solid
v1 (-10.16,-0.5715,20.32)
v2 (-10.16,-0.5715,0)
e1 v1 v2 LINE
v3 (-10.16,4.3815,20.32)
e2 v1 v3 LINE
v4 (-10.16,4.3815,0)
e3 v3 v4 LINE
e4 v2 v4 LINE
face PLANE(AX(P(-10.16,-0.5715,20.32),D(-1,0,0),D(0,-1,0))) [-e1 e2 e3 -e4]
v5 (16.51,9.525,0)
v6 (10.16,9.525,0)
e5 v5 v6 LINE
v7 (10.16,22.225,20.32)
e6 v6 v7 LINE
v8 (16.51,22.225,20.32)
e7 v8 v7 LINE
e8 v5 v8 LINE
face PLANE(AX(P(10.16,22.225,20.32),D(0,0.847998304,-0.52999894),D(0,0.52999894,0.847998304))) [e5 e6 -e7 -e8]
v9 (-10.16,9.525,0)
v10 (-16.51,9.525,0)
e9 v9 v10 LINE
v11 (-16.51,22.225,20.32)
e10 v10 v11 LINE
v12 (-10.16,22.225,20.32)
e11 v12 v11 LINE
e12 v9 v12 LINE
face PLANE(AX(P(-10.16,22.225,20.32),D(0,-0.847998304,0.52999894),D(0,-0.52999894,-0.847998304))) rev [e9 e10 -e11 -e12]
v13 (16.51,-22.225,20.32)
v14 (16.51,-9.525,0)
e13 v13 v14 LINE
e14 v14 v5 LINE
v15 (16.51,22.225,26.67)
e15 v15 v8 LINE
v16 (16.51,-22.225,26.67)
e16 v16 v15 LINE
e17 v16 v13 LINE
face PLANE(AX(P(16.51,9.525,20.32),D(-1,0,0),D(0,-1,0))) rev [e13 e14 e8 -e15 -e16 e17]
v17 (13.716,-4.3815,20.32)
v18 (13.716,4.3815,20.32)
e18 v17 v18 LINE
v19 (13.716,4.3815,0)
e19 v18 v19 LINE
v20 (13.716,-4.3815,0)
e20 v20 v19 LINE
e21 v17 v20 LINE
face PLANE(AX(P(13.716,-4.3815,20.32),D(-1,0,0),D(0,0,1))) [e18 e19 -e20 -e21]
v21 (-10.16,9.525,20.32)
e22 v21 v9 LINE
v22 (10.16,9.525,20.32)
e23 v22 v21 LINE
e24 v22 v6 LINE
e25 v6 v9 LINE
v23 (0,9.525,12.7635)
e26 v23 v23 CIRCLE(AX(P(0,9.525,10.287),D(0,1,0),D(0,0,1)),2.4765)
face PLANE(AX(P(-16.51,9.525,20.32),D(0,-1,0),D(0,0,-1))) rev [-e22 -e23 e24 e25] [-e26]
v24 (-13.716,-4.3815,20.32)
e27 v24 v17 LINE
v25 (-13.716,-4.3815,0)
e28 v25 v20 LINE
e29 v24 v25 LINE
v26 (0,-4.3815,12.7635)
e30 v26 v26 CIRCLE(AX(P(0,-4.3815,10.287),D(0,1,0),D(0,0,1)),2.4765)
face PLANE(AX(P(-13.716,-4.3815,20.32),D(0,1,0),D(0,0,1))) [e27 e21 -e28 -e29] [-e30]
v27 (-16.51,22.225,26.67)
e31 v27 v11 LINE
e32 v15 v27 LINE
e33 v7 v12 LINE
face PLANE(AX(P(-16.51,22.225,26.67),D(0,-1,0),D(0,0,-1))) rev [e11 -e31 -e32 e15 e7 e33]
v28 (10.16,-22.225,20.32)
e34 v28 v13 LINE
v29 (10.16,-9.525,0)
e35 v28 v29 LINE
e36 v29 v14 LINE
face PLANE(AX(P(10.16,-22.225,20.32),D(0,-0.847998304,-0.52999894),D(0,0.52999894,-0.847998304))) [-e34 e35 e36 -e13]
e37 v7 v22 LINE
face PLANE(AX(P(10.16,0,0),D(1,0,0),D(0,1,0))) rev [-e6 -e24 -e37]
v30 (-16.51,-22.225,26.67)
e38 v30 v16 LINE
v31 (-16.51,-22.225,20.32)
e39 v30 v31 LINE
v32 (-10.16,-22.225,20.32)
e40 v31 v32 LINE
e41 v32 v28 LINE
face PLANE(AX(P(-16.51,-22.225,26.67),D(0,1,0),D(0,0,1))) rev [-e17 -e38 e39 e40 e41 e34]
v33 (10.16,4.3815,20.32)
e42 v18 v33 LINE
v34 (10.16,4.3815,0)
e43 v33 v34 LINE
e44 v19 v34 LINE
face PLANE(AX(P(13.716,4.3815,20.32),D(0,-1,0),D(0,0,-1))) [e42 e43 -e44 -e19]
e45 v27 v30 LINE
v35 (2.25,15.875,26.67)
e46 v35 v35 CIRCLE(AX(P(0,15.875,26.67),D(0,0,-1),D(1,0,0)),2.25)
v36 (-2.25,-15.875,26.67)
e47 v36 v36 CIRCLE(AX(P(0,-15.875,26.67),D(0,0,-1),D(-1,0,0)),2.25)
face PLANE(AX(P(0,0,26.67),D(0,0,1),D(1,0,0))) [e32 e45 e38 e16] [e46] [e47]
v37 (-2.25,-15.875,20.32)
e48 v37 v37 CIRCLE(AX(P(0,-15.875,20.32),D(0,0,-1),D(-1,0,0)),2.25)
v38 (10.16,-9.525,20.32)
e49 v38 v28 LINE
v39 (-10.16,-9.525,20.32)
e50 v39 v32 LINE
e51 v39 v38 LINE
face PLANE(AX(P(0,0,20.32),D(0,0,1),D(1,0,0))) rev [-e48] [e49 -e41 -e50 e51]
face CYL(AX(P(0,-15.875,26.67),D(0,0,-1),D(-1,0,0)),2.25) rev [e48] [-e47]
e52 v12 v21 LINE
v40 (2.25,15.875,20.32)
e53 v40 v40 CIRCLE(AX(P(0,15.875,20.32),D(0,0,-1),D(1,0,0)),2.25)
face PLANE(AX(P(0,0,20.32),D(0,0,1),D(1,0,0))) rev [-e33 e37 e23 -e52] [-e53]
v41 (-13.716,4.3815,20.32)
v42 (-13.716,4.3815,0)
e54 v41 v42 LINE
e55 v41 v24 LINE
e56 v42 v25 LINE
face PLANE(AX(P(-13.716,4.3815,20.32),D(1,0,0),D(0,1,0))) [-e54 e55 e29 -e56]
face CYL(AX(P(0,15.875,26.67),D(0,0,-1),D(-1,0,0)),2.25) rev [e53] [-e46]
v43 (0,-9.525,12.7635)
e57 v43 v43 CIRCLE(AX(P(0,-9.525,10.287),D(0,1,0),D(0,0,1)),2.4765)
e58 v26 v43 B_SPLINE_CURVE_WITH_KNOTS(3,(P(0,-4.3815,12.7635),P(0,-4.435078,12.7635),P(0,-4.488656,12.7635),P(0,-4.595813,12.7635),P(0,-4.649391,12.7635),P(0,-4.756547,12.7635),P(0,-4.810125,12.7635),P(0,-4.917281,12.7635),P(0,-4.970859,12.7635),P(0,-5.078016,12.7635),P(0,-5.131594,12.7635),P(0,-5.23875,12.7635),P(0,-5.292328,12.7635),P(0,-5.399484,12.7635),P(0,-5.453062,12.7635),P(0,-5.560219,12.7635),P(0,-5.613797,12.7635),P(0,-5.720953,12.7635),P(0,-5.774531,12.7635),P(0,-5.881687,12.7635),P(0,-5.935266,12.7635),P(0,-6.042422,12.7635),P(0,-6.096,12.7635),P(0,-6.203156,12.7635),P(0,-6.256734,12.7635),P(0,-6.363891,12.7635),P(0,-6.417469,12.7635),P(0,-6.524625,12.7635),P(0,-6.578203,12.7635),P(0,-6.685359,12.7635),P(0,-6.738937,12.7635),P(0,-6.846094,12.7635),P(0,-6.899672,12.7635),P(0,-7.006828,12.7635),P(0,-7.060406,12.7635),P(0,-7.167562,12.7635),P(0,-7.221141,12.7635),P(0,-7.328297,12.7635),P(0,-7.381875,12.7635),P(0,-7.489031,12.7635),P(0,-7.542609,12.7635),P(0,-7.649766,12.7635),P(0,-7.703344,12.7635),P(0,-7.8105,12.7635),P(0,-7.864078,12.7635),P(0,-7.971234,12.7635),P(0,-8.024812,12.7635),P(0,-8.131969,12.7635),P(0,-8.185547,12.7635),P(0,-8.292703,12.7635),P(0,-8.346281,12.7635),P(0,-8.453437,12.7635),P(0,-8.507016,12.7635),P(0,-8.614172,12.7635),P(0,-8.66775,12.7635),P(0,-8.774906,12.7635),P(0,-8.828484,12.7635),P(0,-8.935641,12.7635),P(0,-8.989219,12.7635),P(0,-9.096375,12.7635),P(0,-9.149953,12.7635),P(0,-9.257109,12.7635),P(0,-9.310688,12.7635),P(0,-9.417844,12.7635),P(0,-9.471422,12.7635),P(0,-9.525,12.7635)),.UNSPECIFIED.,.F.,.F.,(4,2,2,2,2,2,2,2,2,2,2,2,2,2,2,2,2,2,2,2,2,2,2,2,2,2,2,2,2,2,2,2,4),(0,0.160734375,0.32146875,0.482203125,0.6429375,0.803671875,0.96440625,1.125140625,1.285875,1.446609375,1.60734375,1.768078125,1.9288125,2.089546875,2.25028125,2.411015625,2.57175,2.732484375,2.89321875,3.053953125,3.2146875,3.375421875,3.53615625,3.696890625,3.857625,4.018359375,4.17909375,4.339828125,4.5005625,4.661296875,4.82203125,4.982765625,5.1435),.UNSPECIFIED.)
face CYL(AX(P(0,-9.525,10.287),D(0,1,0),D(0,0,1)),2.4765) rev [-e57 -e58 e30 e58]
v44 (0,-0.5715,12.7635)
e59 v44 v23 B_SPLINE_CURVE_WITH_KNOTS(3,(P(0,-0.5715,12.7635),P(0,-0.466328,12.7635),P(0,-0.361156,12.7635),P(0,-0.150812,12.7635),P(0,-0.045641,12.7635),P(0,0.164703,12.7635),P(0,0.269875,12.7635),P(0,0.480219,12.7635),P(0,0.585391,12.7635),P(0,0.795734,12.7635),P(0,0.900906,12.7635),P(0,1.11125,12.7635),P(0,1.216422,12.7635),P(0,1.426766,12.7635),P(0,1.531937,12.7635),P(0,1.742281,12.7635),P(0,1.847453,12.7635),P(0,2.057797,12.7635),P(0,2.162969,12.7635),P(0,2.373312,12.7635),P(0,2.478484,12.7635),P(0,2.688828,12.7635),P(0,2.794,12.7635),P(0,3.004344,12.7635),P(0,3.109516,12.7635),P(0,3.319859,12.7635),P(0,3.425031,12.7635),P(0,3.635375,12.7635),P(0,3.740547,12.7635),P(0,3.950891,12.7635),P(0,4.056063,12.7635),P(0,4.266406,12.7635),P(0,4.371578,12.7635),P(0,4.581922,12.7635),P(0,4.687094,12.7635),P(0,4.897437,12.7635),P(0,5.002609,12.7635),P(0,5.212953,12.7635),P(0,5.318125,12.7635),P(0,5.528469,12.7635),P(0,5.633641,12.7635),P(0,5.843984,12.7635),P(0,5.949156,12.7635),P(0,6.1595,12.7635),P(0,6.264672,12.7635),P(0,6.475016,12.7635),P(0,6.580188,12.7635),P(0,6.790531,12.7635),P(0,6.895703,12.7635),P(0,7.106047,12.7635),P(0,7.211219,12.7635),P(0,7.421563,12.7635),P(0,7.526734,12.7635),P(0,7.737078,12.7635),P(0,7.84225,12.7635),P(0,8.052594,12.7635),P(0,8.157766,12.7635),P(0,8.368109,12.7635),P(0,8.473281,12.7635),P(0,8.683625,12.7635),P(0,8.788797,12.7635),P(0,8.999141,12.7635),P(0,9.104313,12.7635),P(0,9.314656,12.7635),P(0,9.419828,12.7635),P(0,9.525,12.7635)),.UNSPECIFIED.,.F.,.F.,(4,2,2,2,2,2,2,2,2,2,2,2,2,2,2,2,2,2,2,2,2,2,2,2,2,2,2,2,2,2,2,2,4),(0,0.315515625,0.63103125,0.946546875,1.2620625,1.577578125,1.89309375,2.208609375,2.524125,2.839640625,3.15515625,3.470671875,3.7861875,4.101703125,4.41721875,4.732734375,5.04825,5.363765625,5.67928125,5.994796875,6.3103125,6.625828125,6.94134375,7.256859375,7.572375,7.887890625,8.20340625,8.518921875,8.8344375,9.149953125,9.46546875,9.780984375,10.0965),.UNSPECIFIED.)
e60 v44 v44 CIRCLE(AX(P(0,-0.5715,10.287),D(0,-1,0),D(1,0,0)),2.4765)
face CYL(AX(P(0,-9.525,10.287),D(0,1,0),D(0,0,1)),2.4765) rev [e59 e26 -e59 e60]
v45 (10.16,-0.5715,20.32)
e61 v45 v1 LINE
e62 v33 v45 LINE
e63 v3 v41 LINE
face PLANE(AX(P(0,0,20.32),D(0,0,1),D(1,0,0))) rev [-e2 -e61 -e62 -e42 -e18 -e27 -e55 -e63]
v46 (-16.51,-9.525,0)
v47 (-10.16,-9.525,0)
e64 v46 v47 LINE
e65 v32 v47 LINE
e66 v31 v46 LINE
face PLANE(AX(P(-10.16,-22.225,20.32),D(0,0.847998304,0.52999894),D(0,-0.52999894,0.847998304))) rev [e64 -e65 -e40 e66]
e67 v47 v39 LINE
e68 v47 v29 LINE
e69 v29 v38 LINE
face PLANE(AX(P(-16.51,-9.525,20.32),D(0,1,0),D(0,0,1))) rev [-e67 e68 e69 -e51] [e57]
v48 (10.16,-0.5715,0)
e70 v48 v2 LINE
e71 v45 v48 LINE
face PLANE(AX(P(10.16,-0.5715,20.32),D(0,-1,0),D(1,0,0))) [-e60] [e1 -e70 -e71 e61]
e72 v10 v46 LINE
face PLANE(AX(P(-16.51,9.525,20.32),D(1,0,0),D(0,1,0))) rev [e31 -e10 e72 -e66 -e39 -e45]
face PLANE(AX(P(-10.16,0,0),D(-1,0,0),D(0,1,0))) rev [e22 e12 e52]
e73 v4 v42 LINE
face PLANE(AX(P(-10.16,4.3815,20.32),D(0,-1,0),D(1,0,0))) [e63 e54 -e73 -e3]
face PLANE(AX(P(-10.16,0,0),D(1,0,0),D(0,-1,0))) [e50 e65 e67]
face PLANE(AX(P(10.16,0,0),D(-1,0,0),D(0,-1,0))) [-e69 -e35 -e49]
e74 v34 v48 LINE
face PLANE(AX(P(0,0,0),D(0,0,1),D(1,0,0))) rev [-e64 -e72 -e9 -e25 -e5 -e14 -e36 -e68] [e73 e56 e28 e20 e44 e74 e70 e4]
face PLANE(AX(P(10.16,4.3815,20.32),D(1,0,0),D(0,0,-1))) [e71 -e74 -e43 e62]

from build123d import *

# Parameters (mm, degrees)
ESQUISSE1_W             = 33.02
ESQUISSE1_H             = 19.05
BOSS_EXTRU_1_DEPTH      = 20.32
ESQUISSE2_R             = 2.4765
ENL_V_MAT_EXTRU_1_DEPTH = 33.378773911
ESQUISSE3_W             = 33.02
ESQUISSE3_H             = 44.45
BOSS_EXTRU_2_DEPTH      = 6.35
BOSS_EXTRU_3_DEPTH      = 6.35
ESQUISSE6_R             = 2.25
ENL_V_MAT_EXTRU_2_DEPTH = 35.342875899


with BuildPart() as part:
    # Esquisse1 → Boss.-Extru.1 (new body)
    with BuildSketch(Plane.XY):
        Rectangle(ESQUISSE1_W, ESQUISSE1_H)
        Polygon((-13.716, 4.3815), (-13.716, -4.3815), (13.716, -4.3815), (13.716, 4.3815), (10.16, 4.3815), (10.16, -0.5715), (-10.16, -0.5715), (-10.16, 4.3815), align=None, mode=Mode.SUBTRACT)
    extrude(amount=BOSS_EXTRU_1_DEPTH)

    # Esquisse2 → Enlèv. mat.-Extru.1 (cut, through all)
    with BuildSketch(Plane(origin=(0, 9.525, 0), x_dir=(1, 0, 0), z_dir=(0, 1, 0))):
        with Locations(Location((0, -10.287, 0), (0, 0, 270))):
            Circle(ESQUISSE2_R)
    extrude(amount=-ENL_V_MAT_EXTRU_1_DEPTH, mode=Mode.SUBTRACT)

    # Esquisse3 → Boss.-Extru.2 (add)
    with BuildSketch(Plane.XY.offset(20.32)):
        Rectangle(ESQUISSE3_W, ESQUISSE3_H)
    extrude(amount=BOSS_EXTRU_2_DEPTH)

    # Esquisse5 → Boss.-Extru.3 (add)
    with BuildSketch(Plane(origin=(16.51, 0, 0), x_dir=(0, 0, -1), z_dir=(1, 0, 0))):
        Polygon((-20.32, -22.225), (0, -9.525), (-20.32, -9.525), align=None)
        Polygon((-20.32, 22.225), (0, 9.525), (-20.32, 9.525), align=None)
    boss_extru_3 = extrude(amount=-BOSS_EXTRU_3_DEPTH)

    # Symétrie1: Boss.-Extru.3 across plane
    add(boss_extru_3.mirror(Plane(origin=(0, 0, 0), x_dir=(0, 0, 1), z_dir=(1, 0, 0))))

    # Esquisse6 → Enlèv. mat.-Extru.2 (cut, through all)
    with BuildSketch(Plane(origin=(0, 0, 20.32), x_dir=(-1, 0, 0), z_dir=(0, 0, -1))):
        with Locations((0, -15.875)):
            Circle(ESQUISSE6_R)
        with Locations(Location((0, 15.875, 0), (0, 0, 180))):
            Circle(ESQUISSE6_R)
    extrude(amount=-ENL_V_MAT_EXTRU_2_DEPTH, mode=Mode.SUBTRACT)


solid = part.part
